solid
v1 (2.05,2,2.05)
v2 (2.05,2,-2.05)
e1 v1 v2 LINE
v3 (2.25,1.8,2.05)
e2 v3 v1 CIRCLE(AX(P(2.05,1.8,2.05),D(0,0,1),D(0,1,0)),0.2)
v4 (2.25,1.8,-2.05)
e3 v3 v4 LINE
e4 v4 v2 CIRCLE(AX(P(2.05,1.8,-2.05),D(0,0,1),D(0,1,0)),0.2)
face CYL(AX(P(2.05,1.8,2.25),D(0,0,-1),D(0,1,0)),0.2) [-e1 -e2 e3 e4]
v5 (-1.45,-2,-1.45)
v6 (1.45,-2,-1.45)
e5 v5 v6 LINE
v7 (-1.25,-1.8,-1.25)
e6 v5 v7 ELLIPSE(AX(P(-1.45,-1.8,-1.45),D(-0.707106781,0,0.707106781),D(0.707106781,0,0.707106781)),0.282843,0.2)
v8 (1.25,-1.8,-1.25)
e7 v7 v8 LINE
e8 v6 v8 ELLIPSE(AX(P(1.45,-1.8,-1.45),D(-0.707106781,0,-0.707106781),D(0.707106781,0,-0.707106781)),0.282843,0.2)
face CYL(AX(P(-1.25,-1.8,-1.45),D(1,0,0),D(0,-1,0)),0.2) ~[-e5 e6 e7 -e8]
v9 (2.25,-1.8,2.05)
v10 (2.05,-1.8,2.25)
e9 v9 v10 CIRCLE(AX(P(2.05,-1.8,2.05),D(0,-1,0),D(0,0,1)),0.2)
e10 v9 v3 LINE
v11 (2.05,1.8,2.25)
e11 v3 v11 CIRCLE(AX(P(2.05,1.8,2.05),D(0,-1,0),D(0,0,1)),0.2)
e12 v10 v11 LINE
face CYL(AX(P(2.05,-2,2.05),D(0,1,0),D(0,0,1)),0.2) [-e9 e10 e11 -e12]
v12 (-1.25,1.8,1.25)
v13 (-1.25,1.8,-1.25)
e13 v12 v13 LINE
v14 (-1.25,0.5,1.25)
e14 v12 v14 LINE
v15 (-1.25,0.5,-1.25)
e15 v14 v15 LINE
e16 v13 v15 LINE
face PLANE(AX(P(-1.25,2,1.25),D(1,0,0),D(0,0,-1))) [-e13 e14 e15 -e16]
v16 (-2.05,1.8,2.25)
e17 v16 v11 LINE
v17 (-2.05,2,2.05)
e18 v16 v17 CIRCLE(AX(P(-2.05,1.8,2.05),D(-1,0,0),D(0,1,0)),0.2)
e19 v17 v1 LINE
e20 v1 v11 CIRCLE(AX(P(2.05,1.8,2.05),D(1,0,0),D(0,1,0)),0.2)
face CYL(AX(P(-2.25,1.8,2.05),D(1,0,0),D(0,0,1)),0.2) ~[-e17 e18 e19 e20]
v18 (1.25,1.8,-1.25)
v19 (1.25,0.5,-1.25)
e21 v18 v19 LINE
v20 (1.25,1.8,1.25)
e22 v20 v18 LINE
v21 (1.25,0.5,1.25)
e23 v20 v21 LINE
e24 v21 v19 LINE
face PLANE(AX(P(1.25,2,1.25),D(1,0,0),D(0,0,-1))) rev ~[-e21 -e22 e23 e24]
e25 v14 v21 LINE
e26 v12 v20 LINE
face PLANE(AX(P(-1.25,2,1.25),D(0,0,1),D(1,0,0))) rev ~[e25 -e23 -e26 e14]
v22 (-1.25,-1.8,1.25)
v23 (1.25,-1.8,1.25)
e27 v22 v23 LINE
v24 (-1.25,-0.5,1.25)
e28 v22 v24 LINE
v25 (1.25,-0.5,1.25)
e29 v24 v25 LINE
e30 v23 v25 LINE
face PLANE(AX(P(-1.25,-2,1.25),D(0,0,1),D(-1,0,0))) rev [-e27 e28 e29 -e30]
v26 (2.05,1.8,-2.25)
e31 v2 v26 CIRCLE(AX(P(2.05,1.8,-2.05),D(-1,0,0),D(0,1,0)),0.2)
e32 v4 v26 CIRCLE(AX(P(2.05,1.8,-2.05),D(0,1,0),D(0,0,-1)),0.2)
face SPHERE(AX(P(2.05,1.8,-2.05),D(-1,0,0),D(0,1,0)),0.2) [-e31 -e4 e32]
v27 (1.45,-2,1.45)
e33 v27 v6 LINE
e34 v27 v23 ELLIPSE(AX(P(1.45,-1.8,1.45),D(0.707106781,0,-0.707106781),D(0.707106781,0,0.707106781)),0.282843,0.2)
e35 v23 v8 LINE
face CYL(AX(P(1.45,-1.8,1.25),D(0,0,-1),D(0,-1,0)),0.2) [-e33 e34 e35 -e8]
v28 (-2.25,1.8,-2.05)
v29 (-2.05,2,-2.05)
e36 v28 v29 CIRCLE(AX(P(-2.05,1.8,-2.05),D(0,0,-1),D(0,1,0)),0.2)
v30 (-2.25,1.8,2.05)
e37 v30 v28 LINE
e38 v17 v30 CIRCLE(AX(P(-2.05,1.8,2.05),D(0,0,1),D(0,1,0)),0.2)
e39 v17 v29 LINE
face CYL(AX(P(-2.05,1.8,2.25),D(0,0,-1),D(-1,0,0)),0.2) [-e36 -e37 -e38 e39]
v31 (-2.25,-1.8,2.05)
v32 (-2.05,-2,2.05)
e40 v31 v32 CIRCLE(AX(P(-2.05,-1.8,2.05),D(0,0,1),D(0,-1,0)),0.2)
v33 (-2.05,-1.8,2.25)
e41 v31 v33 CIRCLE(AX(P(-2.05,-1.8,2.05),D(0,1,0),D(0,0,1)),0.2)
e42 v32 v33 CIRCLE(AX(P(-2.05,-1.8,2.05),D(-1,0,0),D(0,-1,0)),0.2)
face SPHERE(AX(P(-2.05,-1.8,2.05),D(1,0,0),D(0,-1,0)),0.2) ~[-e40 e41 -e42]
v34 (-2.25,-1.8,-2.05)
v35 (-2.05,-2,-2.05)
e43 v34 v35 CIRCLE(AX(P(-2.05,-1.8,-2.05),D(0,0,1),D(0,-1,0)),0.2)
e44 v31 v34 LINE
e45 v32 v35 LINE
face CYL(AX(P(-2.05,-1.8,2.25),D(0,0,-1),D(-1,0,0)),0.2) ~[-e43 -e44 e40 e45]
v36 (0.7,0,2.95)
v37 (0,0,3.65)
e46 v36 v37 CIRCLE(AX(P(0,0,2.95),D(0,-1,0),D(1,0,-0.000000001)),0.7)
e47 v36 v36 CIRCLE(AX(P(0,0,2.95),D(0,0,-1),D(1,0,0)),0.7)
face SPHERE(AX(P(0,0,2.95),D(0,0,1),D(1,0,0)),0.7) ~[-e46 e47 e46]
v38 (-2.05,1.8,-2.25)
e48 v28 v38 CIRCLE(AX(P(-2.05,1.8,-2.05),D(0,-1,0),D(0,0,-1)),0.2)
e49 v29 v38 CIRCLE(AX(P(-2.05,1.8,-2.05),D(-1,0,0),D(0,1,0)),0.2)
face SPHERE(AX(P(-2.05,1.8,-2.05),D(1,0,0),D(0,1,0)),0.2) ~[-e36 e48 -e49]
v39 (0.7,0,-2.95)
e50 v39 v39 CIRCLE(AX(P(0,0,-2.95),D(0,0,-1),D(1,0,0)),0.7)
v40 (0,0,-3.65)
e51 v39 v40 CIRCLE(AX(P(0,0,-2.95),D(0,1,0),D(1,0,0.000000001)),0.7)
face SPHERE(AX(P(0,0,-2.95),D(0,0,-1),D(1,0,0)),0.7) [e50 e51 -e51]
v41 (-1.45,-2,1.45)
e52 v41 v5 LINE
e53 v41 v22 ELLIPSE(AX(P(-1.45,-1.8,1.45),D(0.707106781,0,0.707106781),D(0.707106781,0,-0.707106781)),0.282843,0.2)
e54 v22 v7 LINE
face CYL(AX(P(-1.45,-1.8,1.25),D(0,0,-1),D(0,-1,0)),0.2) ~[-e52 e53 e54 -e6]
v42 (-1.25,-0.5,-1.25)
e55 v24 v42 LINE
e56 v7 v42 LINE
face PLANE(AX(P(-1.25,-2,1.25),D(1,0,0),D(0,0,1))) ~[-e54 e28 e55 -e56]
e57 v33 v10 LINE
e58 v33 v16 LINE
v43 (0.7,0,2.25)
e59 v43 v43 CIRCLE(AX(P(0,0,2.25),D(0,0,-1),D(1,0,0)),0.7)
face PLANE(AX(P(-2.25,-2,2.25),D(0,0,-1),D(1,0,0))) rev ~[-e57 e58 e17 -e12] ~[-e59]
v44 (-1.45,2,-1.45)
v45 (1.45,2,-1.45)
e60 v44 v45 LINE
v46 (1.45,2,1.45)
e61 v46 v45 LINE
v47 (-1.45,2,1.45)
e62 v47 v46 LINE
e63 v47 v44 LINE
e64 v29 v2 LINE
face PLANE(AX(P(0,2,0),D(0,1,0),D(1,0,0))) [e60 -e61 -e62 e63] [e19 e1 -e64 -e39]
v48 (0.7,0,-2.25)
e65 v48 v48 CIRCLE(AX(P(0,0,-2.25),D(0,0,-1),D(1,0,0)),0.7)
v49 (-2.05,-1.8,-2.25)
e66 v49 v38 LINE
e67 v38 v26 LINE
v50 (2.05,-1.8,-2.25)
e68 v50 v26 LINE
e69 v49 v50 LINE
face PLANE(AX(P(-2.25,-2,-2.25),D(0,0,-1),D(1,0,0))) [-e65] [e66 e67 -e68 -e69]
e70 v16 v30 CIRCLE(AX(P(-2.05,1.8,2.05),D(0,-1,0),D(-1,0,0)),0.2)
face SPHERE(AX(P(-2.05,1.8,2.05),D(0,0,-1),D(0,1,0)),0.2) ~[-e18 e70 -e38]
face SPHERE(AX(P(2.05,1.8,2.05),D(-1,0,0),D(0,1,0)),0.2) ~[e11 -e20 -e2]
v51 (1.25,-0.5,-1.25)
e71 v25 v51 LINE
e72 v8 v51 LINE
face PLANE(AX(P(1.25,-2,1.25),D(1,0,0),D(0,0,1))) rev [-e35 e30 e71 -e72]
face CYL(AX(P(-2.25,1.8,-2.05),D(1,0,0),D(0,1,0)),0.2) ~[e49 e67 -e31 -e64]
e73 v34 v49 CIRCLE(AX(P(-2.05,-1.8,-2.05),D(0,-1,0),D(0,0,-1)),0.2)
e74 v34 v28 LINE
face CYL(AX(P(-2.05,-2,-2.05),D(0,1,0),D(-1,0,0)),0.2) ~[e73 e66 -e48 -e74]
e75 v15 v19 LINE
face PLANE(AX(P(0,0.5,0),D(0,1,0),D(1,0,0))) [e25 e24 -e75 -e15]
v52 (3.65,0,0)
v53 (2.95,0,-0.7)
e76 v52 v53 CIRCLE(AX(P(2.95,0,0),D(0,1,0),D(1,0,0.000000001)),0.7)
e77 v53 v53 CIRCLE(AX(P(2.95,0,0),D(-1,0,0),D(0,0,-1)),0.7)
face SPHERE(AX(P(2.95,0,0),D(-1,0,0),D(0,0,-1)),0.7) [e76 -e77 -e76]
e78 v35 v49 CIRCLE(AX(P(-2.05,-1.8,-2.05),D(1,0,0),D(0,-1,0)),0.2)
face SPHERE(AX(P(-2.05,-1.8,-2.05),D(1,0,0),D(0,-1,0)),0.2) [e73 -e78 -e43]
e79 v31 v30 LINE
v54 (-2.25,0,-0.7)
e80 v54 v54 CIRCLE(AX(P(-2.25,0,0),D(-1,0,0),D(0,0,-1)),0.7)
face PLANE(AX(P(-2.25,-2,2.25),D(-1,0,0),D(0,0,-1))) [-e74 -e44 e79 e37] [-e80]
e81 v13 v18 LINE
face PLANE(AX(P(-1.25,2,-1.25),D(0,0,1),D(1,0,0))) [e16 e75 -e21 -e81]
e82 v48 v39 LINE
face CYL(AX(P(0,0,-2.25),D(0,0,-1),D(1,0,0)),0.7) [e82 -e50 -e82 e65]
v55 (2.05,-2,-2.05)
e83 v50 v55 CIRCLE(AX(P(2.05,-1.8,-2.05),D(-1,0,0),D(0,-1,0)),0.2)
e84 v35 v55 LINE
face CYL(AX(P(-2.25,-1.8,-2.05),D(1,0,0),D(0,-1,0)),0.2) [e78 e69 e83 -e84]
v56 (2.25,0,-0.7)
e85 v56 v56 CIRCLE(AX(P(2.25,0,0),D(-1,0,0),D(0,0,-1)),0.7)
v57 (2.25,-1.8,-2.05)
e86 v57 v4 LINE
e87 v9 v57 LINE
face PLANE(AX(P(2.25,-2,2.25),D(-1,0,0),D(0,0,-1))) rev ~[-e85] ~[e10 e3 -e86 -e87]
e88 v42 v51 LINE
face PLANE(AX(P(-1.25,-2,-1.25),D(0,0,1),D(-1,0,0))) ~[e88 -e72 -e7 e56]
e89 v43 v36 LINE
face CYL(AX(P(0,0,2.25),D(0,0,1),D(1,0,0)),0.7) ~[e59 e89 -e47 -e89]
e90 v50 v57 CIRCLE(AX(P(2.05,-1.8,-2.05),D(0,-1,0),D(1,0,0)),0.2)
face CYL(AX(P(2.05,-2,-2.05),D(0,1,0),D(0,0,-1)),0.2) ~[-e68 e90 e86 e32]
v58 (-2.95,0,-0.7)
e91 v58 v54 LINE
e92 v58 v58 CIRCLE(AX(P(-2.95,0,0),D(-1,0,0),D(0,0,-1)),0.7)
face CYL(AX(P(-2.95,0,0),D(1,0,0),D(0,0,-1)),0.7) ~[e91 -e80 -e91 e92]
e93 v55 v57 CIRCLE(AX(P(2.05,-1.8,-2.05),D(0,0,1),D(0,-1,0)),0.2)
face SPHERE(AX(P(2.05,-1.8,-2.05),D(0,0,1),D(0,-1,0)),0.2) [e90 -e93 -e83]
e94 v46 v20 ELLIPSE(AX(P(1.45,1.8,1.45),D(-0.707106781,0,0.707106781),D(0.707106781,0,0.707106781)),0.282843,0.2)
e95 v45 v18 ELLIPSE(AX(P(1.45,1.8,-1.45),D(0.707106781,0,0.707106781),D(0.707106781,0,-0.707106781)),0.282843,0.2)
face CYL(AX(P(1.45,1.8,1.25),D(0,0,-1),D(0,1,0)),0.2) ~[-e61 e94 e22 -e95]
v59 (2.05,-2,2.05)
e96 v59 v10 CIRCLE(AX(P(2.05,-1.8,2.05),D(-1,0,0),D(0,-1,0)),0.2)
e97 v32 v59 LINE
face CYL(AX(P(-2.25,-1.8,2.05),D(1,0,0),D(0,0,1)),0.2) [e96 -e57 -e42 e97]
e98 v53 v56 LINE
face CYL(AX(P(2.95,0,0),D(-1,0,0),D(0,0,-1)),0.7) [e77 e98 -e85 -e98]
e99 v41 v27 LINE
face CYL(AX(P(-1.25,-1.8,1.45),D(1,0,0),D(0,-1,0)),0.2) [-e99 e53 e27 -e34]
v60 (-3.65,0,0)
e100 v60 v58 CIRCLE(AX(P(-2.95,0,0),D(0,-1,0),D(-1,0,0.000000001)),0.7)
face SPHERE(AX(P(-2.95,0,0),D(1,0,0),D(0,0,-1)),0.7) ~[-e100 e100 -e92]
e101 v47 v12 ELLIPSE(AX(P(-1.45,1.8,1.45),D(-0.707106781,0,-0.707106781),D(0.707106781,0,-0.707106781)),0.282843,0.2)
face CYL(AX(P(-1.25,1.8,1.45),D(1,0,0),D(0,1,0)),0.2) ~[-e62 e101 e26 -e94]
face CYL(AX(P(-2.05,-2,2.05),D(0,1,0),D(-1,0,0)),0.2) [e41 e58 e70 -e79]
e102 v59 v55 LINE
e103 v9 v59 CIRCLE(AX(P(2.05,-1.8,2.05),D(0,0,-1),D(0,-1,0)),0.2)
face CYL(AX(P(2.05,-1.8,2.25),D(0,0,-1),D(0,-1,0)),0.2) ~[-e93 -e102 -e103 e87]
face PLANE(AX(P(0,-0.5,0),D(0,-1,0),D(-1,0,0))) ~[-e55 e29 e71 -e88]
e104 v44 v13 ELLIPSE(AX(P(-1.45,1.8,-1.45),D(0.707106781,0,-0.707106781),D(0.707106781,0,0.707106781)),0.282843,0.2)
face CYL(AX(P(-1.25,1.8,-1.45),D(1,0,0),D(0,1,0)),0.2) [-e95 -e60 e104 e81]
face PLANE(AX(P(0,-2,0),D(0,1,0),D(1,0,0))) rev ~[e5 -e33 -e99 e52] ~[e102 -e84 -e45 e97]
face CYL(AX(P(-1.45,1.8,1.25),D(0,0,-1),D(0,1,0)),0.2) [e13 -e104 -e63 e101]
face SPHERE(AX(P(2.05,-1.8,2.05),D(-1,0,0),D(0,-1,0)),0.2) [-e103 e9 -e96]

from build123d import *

# Parameters (mm, degrees)
EXTRUDE_1_DEPTH      = 2
EXTRUDE_1_DEPTH_BACK = 2
SKETCH_1_W           = 4.5
SKETCH_1_H           = 4.5
SKETCH_2_W           = 2.5
SKETCH_2_H           = 2.5
CUT_EXTRUDE_1_DEPTH  = 1.5
FILLET_1_R           = 0.2


with BuildPart() as part:
    # 草图1 → 凸台-拉伸1 (new, two sides: drawn at the far end of the back side and taken through both)
    with BuildSketch(Plane(origin=(0, 0, 0), x_dir=(1, 0, 0), z_dir=(0, 1, 0)).offset(-EXTRUDE_1_DEPTH_BACK)):
        Rectangle(SKETCH_1_W, SKETCH_1_H)
    extrude(amount=EXTRUDE_1_DEPTH + EXTRUDE_1_DEPTH_BACK)

    # 草图2 → 切除-拉伸1 (cut)
    with BuildSketch(Plane(origin=(0, 2, 0), x_dir=(1, 0, 0), z_dir=(0, 1, 0))):
        Rectangle(SKETCH_2_W, SKETCH_2_H)
    cut_extrude_1 = extrude(amount=-CUT_EXTRUDE_1_DEPTH, mode=Mode.SUBTRACT)

    # 镜向1: 切除-拉伸1 across plane
    add(cut_extrude_1.mirror(Plane.ZX), mode=Mode.SUBTRACT)

    # 草图3 → 旋转1 (revolve)
    with BuildSketch(Plane(origin=(0, 0, 0), x_dir=(1, 0, 0), z_dir=(0, 1, 0))):
        with BuildLine():
            Line((0, 2.25), (-0.7, 2.25))
            Line((-0.7, 2.25), (-0.7, 2.95))
            ThreePointArc((-0.7, 2.95), (-0.494974747, 3.444974747), (0, 3.65))
            Line((0, 3.65), (0, 2.95))
            Line((0, 2.95), (0, 2.25))
        make_face()
    revolve_1 = revolve(axis=Axis((0, 0, -2.95), (0, 0, -1)))

    # 镜向2: 旋转1 across plane
    add(revolve_1.mirror(Plane.XY))

    # 草图5 → 旋转2 (revolve)
    with BuildSketch(Plane(origin=(0, 0, 0), x_dir=(1, 0, 0), z_dir=(0, 1, 0))):
        with BuildLine():
            Line((-2.25, 0), (-2.95, 0))
            Line((-2.95, 0), (-3.65, 0))
            ThreePointArc((-3.65, 0), (-3.444974747, 0.494974747), (-2.95, 0.7))
            Line((-2.95, 0.7), (-2.25, 0.7))
            Line((-2.25, 0.7), (-2.25, 0))
        make_face()
    revolve_2 = revolve(axis=Axis((-2.25, 0, 0), (-1, 0, 0)))

    # 镜向3: 旋转2 across plane
    add(revolve_2.mirror(Plane(origin=(0, 0, 0), x_dir=(0, 0, 1), z_dir=(1, 0, 0))))

    # 圆角1
    fillet_1_edges = [part.edges().sort_by_distance(p)[0] for p in [
        (1.25, -2, 0),
        (0, -2, 1.25),
        (-1.25, -2, 0),
        (0, -2, -1.25),
        (-2.25, -2, 0),
        (0, -2, 2.25),
        (2.25, -2, 0),
        (0, -2, -2.25),
        (2.25, 2, 0),
        (0, 2, 2.25),
        (-2.25, 2, 0),
        (0, 2, -2.25),
        (-1.25, 2, 0),
        (0, 2, 1.25),
        (1.25, 2, 0),
        (0, 2, -1.25),
        (-2.25, 0, 2.25),
        (2.25, 0, 2.25),
        (-2.25, 0, -2.25),
        (2.25, 0, -2.25),
    ]]
    fillet(fillet_1_edges, radius=FILLET_1_R)


solid = part.part
